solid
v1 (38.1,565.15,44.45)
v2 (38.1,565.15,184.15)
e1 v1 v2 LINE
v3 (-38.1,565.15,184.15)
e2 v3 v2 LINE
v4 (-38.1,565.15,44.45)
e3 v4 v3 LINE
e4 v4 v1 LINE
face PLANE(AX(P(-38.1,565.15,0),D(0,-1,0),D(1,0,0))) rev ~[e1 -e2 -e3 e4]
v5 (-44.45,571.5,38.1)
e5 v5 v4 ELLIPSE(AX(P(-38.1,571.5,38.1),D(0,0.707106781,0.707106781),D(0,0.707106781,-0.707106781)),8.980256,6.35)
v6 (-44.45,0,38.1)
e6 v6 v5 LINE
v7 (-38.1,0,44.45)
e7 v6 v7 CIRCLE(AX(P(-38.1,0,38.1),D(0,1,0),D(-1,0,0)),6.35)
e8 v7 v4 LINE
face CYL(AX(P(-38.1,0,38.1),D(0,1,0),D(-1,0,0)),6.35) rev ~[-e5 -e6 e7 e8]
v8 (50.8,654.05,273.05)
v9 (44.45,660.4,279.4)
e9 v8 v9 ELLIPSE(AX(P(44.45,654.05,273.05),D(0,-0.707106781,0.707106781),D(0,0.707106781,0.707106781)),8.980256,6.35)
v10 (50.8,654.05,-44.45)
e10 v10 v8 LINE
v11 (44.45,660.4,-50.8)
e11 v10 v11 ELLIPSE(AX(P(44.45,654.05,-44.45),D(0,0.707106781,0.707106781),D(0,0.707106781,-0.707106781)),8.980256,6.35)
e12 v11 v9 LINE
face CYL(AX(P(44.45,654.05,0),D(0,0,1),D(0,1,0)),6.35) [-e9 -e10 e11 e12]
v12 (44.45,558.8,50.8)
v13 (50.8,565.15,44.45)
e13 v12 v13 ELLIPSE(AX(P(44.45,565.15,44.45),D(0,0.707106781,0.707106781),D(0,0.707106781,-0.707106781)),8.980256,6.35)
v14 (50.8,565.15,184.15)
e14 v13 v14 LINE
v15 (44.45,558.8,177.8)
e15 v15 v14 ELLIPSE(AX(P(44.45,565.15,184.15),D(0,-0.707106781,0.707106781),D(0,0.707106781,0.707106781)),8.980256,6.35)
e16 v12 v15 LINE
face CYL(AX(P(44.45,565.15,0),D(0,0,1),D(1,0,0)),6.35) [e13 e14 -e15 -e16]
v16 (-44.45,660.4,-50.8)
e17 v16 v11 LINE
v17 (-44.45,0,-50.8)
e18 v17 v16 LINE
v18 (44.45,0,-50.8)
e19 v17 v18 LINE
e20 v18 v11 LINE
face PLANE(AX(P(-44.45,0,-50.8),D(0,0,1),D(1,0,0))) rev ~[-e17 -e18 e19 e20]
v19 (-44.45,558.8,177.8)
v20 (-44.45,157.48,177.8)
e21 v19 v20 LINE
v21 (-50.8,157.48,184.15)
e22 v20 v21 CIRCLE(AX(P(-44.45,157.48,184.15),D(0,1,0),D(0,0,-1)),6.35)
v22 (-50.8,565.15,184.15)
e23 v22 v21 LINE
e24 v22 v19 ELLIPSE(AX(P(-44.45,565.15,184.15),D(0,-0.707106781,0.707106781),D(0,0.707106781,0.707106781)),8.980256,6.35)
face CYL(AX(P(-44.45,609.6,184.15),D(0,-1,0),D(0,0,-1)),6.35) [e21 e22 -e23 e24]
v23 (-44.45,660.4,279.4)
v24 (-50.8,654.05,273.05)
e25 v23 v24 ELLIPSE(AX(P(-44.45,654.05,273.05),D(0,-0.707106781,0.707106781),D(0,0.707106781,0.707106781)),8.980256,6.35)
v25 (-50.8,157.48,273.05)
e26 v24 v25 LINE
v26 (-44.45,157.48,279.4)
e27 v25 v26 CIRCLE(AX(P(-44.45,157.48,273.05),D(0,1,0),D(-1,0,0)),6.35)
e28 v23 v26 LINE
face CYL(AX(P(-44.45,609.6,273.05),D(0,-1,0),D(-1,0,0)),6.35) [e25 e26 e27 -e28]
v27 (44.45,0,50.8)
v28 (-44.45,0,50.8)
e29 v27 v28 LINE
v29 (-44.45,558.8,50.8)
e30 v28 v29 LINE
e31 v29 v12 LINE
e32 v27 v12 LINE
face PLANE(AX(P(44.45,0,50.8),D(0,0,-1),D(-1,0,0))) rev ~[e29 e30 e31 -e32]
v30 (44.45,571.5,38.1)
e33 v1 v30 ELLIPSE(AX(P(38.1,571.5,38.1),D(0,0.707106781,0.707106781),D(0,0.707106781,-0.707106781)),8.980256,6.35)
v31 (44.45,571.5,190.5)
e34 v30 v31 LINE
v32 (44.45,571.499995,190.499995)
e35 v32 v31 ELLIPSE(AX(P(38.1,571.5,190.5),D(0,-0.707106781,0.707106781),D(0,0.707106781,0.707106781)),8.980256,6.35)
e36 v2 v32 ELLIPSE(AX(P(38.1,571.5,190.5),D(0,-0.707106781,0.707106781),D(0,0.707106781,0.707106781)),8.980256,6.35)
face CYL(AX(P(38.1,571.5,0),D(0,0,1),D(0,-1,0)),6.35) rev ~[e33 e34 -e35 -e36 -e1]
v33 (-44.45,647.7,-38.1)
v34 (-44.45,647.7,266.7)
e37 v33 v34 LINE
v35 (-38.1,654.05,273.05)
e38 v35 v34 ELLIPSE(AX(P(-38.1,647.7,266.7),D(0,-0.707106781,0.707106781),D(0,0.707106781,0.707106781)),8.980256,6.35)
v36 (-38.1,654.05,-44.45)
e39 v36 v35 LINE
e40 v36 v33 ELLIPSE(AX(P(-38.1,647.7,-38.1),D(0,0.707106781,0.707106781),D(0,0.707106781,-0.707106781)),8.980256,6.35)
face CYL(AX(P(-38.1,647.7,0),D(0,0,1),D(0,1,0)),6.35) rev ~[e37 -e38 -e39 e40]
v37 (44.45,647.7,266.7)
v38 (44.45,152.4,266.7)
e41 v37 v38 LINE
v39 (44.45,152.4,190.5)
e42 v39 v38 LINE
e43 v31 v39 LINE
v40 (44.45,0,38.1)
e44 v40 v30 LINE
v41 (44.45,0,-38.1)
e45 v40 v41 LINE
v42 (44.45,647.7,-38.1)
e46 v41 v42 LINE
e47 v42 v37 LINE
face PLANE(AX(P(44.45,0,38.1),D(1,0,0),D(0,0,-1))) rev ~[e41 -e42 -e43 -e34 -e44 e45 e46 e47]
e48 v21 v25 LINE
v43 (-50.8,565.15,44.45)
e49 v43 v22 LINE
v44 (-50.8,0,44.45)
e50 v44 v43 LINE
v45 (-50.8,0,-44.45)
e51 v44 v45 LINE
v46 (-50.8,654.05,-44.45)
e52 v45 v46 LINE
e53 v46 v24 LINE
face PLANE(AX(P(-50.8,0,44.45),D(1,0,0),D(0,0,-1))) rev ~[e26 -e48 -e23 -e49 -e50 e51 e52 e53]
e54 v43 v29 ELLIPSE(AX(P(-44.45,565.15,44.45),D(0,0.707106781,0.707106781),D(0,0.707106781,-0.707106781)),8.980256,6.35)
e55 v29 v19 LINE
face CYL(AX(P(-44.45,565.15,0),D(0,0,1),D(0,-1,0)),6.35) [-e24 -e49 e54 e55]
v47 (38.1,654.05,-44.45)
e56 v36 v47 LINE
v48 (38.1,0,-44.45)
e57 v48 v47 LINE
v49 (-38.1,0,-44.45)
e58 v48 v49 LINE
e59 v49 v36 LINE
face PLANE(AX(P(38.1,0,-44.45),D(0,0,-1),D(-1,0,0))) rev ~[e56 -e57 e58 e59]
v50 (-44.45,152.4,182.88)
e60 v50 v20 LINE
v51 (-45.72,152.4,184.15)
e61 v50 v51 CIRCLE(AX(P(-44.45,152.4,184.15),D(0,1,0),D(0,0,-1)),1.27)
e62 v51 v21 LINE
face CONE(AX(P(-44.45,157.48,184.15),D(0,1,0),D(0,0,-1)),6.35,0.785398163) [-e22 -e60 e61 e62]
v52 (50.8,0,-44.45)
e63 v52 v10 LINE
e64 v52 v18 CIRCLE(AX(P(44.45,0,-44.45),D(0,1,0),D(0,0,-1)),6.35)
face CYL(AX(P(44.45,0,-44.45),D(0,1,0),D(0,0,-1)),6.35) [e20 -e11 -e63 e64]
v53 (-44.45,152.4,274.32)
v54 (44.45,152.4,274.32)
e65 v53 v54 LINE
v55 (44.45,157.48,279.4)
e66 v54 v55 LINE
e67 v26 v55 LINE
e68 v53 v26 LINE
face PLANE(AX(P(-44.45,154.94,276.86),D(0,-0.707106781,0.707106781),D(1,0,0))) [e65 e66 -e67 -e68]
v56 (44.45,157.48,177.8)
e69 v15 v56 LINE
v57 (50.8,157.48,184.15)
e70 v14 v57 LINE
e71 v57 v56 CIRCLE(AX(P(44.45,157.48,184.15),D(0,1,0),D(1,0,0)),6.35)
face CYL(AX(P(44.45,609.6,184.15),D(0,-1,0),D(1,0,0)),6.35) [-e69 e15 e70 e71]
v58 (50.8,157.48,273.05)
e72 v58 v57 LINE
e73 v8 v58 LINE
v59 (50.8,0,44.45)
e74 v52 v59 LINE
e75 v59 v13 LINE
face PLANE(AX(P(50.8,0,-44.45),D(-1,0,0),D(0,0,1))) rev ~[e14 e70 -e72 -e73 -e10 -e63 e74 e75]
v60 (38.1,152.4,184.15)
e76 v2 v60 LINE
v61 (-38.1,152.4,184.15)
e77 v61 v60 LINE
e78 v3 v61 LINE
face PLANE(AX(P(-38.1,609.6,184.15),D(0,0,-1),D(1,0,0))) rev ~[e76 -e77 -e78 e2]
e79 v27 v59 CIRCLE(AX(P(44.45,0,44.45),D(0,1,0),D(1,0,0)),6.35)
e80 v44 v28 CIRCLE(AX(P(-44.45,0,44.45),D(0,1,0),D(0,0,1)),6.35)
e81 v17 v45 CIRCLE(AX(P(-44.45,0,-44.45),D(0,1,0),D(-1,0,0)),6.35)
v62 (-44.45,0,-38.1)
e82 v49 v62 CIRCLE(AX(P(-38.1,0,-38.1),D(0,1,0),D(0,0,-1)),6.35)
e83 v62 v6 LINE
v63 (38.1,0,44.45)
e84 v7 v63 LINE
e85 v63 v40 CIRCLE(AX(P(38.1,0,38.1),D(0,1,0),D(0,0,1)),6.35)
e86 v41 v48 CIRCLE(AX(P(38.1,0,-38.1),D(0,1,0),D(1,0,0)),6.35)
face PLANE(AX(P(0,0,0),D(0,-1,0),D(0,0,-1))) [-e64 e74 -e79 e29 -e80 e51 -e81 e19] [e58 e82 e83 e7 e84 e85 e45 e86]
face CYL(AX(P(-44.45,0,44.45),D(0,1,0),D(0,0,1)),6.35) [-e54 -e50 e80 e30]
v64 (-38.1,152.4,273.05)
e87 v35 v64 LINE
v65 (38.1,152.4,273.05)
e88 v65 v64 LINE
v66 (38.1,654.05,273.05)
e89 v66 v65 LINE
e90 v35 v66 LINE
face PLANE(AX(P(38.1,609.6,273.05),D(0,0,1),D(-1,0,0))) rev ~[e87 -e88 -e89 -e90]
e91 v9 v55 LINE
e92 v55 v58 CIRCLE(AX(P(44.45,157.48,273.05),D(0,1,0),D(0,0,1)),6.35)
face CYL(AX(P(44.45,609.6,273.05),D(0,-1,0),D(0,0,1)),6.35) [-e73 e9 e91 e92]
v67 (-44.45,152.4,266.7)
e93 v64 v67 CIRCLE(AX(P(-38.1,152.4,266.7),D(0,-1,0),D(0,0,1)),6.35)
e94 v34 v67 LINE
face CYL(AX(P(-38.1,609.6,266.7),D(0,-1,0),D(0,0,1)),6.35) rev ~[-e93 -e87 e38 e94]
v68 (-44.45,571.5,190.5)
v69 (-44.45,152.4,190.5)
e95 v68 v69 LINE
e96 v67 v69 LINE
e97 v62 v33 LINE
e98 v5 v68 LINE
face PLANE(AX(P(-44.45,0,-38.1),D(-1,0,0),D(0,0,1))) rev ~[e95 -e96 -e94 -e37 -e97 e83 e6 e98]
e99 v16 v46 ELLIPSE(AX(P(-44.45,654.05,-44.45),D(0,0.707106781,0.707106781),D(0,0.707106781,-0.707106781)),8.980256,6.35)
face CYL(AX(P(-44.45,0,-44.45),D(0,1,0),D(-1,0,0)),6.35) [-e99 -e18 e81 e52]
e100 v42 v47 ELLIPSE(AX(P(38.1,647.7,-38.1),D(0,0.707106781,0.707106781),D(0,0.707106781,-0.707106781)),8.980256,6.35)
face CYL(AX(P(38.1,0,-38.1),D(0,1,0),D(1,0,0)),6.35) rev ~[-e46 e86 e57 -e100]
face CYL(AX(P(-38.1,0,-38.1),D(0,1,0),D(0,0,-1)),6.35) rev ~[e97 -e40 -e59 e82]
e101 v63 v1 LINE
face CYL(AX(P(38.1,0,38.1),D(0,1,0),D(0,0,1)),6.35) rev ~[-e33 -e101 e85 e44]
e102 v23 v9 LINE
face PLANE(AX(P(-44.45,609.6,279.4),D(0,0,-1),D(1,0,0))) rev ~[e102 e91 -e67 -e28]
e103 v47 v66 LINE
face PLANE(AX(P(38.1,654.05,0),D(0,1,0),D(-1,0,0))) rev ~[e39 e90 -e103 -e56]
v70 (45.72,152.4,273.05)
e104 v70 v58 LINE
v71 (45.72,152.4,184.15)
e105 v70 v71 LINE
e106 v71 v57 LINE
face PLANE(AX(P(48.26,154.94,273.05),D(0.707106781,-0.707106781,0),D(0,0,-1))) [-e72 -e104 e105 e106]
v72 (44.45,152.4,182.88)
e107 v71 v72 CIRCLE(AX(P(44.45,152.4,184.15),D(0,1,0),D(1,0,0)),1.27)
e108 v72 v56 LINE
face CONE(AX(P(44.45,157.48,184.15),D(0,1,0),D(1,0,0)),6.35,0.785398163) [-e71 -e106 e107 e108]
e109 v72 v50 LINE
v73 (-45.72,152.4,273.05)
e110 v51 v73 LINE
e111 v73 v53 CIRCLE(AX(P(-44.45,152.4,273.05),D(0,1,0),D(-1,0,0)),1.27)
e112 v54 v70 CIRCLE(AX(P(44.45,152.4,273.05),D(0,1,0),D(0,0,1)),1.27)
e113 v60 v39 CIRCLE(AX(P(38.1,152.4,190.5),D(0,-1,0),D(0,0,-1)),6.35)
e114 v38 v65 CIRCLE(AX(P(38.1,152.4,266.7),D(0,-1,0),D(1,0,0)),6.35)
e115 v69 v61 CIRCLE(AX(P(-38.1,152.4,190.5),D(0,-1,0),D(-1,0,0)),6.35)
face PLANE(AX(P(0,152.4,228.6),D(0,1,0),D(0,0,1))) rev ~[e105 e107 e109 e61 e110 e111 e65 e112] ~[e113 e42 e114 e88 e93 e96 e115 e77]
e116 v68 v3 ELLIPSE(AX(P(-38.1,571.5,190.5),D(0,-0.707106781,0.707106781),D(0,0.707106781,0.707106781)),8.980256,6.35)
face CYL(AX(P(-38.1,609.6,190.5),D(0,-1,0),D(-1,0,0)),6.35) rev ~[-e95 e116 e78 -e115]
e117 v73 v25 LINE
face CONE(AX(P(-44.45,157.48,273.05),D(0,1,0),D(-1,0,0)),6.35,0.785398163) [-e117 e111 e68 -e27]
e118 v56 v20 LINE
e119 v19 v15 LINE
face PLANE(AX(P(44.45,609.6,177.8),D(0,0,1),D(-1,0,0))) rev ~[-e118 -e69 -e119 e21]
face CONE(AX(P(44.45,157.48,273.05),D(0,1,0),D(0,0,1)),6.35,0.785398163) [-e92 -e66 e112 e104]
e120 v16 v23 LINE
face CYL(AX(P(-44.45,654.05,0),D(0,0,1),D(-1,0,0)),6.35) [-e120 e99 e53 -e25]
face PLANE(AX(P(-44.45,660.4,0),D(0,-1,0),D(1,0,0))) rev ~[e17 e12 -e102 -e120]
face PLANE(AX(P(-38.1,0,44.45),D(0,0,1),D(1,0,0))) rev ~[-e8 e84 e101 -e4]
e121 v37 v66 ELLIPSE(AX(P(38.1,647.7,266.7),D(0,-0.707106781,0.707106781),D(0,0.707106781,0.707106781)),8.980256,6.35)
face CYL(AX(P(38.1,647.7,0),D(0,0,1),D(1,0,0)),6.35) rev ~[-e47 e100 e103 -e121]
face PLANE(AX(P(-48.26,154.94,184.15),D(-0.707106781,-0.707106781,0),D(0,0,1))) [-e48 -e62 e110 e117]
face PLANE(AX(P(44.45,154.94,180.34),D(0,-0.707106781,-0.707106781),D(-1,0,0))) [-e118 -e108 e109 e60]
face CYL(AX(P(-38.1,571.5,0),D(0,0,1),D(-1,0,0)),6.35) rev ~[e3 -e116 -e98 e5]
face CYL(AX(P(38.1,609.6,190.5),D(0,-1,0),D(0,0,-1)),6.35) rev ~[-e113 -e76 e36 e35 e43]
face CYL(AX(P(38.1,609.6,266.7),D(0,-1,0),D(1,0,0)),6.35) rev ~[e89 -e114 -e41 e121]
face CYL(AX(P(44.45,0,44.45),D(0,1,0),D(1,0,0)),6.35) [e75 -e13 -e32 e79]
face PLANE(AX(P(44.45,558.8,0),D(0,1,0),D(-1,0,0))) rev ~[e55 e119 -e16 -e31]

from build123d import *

# Parameters (mm, degrees)
F3_SIZE = 5.08


with BuildPart() as f2:
    # F2: sweep along a path in F1
    with BuildLine(Plane.YZ) as f2_path:
        Line((0, 0), (609.6, 0))
        Line((609.6, 0), (609.6, 228.6))
        Line((609.6, 228.6), (152.4, 228.6))
    # F0 (on Front) → F2 (sweep)
    with BuildSketch(Plane.XZ):
        with BuildLine():
            ThreePointArc((50.8, 44.45), (48.9401280605, 48.9401280605), (44.45, 50.8))
            Line((44.45, 50.8), (-44.45, 50.8))
            ThreePointArc((-44.45, 50.8), (-48.9401280605, 48.9401280605), (-50.8, 44.45))
            Line((-50.8, 44.45), (-50.8, -44.45))
            ThreePointArc((-50.8, -44.45), (-48.9401280605, -48.9401280605), (-44.45, -50.8))
            Line((-44.45, -50.8), (44.45, -50.8))
            ThreePointArc((44.45, -50.8), (48.9401280605, -48.9401280605), (50.8, -44.45))
            Line((50.8, -44.45), (50.8, 44.45))
        make_face()
        with BuildLine():
            Line((-38.1, 44.45), (38.1, 44.45))
            ThreePointArc((38.1, 44.45), (42.5901280605, 42.5901280605), (44.45, 38.1))
            Line((44.45, 38.1), (44.45, -38.1))
            ThreePointArc((44.45, -38.1), (42.5901280605, -42.5901280605), (38.1, -44.45))
            Line((38.1, -44.45), (-38.1, -44.45))
            ThreePointArc((-38.1, -44.45), (-42.5901280605, -42.5901280605), (-44.45, -38.1))
            Line((-44.45, -38.1), (-44.45, 38.1))
            ThreePointArc((-44.45, 38.1), (-42.5901280605, 42.5901280605), (-38.1, 44.45))
        make_face(mode=Mode.SUBTRACT)
    sweep(path=f2_path.line, transition=Transition.RIGHT)

    # F3
    f3_edges = [f2.edges().sort_by_distance(p)[0] for p in [
        (0, 152.4, 279.4),
    ]]
    chamfer(f3_edges, length=F3_SIZE)


solid = f2.part
